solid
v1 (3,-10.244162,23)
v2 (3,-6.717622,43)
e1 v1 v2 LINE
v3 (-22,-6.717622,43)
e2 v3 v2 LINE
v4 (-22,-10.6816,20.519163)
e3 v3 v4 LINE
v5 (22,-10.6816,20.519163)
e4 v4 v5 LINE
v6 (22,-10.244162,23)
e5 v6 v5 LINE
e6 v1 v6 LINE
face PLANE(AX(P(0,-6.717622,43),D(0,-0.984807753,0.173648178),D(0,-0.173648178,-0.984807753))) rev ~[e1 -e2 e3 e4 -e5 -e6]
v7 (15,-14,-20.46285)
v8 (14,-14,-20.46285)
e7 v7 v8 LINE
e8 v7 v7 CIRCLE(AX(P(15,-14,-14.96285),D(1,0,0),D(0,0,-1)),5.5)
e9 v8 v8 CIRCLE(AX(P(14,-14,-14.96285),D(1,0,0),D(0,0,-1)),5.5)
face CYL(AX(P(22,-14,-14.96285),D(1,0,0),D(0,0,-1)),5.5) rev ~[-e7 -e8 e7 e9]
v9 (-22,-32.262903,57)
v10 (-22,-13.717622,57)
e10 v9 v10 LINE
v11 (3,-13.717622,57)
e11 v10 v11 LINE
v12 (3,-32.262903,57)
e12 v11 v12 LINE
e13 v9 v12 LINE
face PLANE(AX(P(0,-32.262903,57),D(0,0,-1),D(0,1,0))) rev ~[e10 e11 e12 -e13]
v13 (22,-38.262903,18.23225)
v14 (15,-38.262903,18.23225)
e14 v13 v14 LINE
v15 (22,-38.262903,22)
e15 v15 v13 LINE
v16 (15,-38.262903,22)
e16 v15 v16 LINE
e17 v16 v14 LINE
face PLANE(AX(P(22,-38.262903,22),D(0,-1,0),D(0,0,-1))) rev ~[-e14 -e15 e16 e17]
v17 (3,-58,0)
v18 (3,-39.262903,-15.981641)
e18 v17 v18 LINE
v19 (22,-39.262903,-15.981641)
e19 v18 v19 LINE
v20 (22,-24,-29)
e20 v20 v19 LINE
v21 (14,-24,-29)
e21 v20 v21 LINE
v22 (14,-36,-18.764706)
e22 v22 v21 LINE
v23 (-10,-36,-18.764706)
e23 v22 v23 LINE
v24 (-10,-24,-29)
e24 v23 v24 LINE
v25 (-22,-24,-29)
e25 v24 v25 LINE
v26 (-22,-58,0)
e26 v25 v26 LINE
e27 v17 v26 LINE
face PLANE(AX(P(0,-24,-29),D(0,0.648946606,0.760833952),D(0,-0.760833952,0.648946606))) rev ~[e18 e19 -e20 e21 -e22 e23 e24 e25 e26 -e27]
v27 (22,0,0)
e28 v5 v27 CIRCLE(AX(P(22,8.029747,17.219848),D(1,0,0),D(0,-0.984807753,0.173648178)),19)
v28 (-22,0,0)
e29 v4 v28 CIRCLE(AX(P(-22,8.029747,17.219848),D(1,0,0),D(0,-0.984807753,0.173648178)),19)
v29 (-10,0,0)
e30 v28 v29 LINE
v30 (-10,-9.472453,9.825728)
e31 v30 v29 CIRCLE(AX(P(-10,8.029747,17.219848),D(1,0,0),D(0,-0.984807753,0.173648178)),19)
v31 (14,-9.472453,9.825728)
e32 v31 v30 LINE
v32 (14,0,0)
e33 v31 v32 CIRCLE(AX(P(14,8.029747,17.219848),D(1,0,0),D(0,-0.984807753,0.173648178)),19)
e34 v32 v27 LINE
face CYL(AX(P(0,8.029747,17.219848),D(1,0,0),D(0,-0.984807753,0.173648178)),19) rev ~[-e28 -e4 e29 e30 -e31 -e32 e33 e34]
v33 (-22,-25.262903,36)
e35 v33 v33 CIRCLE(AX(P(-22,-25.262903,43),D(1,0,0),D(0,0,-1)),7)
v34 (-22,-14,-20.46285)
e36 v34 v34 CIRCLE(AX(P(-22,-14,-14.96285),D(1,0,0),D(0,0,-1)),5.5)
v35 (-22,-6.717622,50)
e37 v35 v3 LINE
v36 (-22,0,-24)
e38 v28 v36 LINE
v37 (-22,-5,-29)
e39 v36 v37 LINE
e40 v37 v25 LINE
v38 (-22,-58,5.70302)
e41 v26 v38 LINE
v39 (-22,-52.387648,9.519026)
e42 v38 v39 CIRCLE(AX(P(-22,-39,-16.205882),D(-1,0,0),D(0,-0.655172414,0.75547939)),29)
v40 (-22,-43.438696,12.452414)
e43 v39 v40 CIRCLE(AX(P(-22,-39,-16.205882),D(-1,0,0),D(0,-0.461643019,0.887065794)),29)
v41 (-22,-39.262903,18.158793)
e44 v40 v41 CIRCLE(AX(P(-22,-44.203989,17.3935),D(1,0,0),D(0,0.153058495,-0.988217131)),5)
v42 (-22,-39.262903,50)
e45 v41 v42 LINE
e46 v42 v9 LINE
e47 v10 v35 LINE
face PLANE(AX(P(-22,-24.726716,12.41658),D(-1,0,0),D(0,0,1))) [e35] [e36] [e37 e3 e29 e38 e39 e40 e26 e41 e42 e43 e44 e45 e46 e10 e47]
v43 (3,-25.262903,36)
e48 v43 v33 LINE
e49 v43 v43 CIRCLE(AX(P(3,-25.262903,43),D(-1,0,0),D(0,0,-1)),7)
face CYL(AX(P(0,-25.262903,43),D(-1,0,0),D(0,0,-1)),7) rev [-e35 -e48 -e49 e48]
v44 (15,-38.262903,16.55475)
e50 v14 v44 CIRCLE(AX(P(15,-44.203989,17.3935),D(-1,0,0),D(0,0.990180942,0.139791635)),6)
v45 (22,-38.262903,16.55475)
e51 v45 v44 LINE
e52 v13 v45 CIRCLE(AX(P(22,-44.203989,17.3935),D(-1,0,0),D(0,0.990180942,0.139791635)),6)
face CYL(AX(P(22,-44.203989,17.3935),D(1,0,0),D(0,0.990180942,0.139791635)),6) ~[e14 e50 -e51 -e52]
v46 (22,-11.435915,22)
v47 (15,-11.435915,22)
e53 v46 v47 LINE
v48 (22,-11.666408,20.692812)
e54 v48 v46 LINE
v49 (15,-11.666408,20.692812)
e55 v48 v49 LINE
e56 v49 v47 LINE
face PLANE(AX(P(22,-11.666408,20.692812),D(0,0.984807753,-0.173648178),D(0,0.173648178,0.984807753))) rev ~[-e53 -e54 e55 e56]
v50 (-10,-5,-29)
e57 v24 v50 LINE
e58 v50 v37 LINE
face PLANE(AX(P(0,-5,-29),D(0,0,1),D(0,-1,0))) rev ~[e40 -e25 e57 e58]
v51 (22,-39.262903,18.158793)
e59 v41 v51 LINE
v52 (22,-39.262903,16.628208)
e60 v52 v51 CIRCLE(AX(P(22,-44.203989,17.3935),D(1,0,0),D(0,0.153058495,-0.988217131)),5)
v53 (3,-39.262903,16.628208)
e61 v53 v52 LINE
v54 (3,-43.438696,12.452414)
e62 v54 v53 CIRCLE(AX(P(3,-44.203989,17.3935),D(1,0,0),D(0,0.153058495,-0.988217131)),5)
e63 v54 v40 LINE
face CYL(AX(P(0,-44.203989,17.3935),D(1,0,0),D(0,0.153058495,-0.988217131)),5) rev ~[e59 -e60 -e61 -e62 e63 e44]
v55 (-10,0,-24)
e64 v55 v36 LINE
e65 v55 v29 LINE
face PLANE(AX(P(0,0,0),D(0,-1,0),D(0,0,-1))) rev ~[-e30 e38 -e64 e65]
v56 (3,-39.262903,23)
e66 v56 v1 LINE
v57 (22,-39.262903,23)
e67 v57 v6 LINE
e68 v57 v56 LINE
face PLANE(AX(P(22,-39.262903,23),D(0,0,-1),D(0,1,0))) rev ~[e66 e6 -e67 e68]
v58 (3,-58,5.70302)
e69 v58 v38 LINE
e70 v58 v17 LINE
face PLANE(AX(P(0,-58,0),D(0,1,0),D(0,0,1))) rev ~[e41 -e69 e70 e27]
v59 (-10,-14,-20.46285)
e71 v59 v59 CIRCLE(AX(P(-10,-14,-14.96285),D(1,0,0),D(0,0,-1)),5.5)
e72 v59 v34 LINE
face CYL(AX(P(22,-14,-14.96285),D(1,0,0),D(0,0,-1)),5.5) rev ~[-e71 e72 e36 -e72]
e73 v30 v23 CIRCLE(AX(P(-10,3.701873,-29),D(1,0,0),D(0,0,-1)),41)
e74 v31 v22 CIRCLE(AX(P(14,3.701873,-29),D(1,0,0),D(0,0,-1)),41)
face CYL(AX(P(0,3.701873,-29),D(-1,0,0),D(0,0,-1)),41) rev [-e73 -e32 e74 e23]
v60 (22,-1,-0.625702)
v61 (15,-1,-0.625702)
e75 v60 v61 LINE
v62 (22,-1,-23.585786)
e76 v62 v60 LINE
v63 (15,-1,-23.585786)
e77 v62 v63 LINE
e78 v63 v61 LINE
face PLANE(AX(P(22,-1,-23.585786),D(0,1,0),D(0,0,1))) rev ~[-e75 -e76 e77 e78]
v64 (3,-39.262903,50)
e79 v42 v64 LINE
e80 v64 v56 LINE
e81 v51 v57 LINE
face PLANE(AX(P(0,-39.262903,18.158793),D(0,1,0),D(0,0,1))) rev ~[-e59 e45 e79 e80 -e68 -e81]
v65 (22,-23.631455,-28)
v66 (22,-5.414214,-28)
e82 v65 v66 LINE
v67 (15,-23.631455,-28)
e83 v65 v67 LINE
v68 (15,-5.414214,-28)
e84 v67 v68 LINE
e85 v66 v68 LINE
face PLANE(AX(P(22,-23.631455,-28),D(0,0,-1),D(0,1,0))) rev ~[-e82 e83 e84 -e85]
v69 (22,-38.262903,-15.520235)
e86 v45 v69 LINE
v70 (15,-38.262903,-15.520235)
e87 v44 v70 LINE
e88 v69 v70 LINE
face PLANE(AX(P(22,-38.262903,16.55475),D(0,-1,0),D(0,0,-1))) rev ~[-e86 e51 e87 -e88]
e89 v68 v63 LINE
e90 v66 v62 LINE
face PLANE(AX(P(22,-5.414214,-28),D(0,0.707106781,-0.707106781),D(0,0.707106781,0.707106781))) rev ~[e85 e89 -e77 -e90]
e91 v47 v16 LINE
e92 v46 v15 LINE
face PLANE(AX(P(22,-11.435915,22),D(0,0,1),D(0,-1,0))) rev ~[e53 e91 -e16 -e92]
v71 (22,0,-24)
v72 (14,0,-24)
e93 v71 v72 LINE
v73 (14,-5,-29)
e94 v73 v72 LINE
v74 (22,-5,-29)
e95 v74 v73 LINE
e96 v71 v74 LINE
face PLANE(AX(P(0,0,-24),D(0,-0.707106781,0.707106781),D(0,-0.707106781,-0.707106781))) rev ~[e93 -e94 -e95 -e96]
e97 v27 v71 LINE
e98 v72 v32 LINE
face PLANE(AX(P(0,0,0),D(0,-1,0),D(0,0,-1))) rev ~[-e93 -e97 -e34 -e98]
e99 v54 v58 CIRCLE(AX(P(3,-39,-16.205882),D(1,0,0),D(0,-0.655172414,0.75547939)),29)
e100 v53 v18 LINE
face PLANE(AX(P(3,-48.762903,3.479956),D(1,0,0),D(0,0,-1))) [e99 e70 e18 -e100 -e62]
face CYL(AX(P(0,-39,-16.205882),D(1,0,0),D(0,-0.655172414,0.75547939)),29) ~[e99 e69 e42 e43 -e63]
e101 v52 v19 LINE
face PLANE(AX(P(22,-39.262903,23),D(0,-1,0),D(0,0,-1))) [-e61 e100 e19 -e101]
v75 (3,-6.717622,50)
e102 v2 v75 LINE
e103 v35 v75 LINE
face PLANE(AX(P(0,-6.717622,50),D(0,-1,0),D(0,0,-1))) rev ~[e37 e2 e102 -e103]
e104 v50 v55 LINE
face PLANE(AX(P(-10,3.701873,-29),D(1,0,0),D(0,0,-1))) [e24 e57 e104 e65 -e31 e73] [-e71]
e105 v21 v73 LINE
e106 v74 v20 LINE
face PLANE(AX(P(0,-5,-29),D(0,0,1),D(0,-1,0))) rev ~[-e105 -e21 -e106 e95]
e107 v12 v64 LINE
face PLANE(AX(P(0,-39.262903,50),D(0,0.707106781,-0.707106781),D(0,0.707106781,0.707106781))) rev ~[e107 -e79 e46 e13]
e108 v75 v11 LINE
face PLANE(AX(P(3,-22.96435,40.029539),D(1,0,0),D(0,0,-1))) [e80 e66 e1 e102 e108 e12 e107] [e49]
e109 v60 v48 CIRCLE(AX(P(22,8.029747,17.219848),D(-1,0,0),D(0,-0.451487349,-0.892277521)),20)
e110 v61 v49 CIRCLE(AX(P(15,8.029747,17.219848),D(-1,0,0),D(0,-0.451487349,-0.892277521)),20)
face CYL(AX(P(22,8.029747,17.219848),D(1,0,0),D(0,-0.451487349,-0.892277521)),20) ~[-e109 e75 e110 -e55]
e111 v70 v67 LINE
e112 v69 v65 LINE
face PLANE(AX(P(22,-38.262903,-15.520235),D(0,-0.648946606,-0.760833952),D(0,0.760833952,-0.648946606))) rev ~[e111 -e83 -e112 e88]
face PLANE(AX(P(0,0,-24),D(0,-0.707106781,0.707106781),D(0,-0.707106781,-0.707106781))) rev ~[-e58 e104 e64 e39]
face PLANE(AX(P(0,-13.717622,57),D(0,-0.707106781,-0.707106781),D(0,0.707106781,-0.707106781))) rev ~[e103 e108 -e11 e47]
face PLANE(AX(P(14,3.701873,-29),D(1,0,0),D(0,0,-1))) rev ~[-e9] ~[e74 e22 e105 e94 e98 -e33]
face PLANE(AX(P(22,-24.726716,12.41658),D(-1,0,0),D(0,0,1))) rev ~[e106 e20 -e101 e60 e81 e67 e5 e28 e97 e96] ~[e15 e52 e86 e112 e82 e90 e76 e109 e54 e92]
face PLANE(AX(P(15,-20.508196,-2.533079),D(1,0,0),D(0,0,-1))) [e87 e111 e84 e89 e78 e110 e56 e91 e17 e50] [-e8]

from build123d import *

# Parameters (mm, degrees)
SKETCH1_R               = 7
BOSS_EXTRUDE3_DEPTH     = 22
SKETCH8_R               = 5.5
CUT_EXTRUDE1_DEPTH      = 46
SKETCH10_W              = 34.059077951
SKETCH10_H              = 32.597107019
CUT_EXTRUDE2_DEPTH      = 19
SKETCH19_R              = 41
CUT_EXTRUDE5_DEPTH      = 14
CUT_EXTRUDE5_DEPTH_BACK = 10
SKETCH21_W              = 39.040087977
SKETCH21_H              = 19
CUT_EXTRUDE7_DEPTH      = 19
CUT_EXTRUDE8_DEPTH      = 7


with BuildPart() as part:
    # Sketch1 → Boss-Extrude3 (new body, symmetric)
    with BuildSketch(Plane(origin=(0, 0, 0), x_dir=(0, 0, -1), z_dir=(1, 0, 0))):
        with BuildLine():
            Line((0, 0), (24, 0))
            Line((24, 0), (29, -5))
            Line((29, -5), (29, -24))
            Line((29, -24), (0, -58))
            Line((0, -58), (-5.703019947, -58))
            ThreePointArc((-5.703019947, -58), (-7.775768892, -55.305839554), (-9.519025669, -52.387647562))
            ThreePointArc((-9.519025669, -52.387647562), (-11.35140658, -48.033040831), (-12.452414435, -43.438696342))
            ThreePointArc((-12.452414435, -43.438696342), (-14.440768413, -40.168970146), (-18.158792561, -39.262903161))
            Line((-18.158792561, -39.262903161), (-50, -39.262903161))
            Line((-50, -39.262903161), (-57, -32.262903161))
            Line((-57, -32.262903161), (-57, -13.71762228))
            Line((-57, -13.71762228), (-50, -6.71762228))
            Line((-50, -6.71762228), (-43, -6.71762228))
            Line((-43, -6.71762228), (-20.519163329, -10.681600334))
            ThreePointArc((-20.519163329, -10.681600334), (-8.446624302, -8.823458857), (0, 0))
        make_face()
        with Locations((-43, -25.262903161)):
            Circle(SKETCH1_R, mode=Mode.SUBTRACT)
    extrude(amount=BOSS_EXTRUDE3_DEPTH, both=True)

    # Sketch8 → Cut-Extrude1 (cut)
    with BuildSketch(Plane(origin=(22, 0, 0), x_dir=(0, 0, -1), z_dir=(1, 0, 0))):
        with Locations((14.962850045, -14)):
            Circle(SKETCH8_R)
    extrude(amount=-CUT_EXTRUDE1_DEPTH, mode=Mode.SUBTRACT)

    # Sketch10 → Cut-Extrude2 (cut)
    with BuildSketch(Plane(origin=(22, 0, 0), x_dir=(0, 0, -1), z_dir=(1, 0, 0))):
        with Locations((-40.029538976, -22.964349652)):
            Rectangle(SKETCH10_W, SKETCH10_H)
    extrude(amount=-CUT_EXTRUDE2_DEPTH, mode=Mode.SUBTRACT)

    # Sketch19 → Cut-Extrude5 (cut, two sides)
    with BuildSketch(Plane(origin=(0, 0, 0), x_dir=(0, 0, -1), z_dir=(1, 0, 0))) as cut_extrude5_sk:
        with Locations((29, 3.701873436)):
            Circle(SKETCH19_R)
    extrude(amount=CUT_EXTRUDE5_DEPTH, mode=Mode.SUBTRACT)
    extrude(cut_extrude5_sk.sketch, amount=-CUT_EXTRUDE5_DEPTH_BACK, mode=Mode.SUBTRACT)

    # Sketch21 → Cut-Extrude7 (cut)
    with BuildSketch(Plane(origin=(22, 0, 0), x_dir=(0, 0, -1), z_dir=(1, 0, 0))):
        with Locations((-3.479956011, -48.762903161)):
            Rectangle(SKETCH21_W, SKETCH21_H)
    extrude(amount=-CUT_EXTRUDE7_DEPTH, mode=Mode.SUBTRACT)

    # Sketch22 → Cut-Extrude8 (cut)
    with BuildSketch(Plane(origin=(22, 0, 0), x_dir=(0, 0, -1), z_dir=(1, 0, 0))):
        with BuildLine():
            Line((-16.554750267, -38.262903161), (15.520235364, -38.262903161))
            Line((15.520235364, -38.262903161), (28, -23.631454967))
            Line((28, -23.631454967), (28, -5.414213562))
            Line((28, -5.414213562), (23.585786438, -1))
            Line((23.585786438, -1), (0.625702461, -1))
            ThreePointArc((0.625702461, -1), (-8.270776569, -9.856396305), (-20.692811507, -11.666408087))
            Line((-20.692811507, -11.666408087), (-22, -11.435915487))
            Line((-22, -11.435915487), (-22, -38.262903161))
            Line((-22, -38.262903161), (-18.232249909, -38.262903161))
            ThreePointArc((-18.232249909, -38.262903161), (-17.393500088, -38.203988815), (-16.554750267, -38.262903161))
        make_face()
    extrude(amount=-CUT_EXTRUDE8_DEPTH, mode=Mode.SUBTRACT)


solid = part.part
